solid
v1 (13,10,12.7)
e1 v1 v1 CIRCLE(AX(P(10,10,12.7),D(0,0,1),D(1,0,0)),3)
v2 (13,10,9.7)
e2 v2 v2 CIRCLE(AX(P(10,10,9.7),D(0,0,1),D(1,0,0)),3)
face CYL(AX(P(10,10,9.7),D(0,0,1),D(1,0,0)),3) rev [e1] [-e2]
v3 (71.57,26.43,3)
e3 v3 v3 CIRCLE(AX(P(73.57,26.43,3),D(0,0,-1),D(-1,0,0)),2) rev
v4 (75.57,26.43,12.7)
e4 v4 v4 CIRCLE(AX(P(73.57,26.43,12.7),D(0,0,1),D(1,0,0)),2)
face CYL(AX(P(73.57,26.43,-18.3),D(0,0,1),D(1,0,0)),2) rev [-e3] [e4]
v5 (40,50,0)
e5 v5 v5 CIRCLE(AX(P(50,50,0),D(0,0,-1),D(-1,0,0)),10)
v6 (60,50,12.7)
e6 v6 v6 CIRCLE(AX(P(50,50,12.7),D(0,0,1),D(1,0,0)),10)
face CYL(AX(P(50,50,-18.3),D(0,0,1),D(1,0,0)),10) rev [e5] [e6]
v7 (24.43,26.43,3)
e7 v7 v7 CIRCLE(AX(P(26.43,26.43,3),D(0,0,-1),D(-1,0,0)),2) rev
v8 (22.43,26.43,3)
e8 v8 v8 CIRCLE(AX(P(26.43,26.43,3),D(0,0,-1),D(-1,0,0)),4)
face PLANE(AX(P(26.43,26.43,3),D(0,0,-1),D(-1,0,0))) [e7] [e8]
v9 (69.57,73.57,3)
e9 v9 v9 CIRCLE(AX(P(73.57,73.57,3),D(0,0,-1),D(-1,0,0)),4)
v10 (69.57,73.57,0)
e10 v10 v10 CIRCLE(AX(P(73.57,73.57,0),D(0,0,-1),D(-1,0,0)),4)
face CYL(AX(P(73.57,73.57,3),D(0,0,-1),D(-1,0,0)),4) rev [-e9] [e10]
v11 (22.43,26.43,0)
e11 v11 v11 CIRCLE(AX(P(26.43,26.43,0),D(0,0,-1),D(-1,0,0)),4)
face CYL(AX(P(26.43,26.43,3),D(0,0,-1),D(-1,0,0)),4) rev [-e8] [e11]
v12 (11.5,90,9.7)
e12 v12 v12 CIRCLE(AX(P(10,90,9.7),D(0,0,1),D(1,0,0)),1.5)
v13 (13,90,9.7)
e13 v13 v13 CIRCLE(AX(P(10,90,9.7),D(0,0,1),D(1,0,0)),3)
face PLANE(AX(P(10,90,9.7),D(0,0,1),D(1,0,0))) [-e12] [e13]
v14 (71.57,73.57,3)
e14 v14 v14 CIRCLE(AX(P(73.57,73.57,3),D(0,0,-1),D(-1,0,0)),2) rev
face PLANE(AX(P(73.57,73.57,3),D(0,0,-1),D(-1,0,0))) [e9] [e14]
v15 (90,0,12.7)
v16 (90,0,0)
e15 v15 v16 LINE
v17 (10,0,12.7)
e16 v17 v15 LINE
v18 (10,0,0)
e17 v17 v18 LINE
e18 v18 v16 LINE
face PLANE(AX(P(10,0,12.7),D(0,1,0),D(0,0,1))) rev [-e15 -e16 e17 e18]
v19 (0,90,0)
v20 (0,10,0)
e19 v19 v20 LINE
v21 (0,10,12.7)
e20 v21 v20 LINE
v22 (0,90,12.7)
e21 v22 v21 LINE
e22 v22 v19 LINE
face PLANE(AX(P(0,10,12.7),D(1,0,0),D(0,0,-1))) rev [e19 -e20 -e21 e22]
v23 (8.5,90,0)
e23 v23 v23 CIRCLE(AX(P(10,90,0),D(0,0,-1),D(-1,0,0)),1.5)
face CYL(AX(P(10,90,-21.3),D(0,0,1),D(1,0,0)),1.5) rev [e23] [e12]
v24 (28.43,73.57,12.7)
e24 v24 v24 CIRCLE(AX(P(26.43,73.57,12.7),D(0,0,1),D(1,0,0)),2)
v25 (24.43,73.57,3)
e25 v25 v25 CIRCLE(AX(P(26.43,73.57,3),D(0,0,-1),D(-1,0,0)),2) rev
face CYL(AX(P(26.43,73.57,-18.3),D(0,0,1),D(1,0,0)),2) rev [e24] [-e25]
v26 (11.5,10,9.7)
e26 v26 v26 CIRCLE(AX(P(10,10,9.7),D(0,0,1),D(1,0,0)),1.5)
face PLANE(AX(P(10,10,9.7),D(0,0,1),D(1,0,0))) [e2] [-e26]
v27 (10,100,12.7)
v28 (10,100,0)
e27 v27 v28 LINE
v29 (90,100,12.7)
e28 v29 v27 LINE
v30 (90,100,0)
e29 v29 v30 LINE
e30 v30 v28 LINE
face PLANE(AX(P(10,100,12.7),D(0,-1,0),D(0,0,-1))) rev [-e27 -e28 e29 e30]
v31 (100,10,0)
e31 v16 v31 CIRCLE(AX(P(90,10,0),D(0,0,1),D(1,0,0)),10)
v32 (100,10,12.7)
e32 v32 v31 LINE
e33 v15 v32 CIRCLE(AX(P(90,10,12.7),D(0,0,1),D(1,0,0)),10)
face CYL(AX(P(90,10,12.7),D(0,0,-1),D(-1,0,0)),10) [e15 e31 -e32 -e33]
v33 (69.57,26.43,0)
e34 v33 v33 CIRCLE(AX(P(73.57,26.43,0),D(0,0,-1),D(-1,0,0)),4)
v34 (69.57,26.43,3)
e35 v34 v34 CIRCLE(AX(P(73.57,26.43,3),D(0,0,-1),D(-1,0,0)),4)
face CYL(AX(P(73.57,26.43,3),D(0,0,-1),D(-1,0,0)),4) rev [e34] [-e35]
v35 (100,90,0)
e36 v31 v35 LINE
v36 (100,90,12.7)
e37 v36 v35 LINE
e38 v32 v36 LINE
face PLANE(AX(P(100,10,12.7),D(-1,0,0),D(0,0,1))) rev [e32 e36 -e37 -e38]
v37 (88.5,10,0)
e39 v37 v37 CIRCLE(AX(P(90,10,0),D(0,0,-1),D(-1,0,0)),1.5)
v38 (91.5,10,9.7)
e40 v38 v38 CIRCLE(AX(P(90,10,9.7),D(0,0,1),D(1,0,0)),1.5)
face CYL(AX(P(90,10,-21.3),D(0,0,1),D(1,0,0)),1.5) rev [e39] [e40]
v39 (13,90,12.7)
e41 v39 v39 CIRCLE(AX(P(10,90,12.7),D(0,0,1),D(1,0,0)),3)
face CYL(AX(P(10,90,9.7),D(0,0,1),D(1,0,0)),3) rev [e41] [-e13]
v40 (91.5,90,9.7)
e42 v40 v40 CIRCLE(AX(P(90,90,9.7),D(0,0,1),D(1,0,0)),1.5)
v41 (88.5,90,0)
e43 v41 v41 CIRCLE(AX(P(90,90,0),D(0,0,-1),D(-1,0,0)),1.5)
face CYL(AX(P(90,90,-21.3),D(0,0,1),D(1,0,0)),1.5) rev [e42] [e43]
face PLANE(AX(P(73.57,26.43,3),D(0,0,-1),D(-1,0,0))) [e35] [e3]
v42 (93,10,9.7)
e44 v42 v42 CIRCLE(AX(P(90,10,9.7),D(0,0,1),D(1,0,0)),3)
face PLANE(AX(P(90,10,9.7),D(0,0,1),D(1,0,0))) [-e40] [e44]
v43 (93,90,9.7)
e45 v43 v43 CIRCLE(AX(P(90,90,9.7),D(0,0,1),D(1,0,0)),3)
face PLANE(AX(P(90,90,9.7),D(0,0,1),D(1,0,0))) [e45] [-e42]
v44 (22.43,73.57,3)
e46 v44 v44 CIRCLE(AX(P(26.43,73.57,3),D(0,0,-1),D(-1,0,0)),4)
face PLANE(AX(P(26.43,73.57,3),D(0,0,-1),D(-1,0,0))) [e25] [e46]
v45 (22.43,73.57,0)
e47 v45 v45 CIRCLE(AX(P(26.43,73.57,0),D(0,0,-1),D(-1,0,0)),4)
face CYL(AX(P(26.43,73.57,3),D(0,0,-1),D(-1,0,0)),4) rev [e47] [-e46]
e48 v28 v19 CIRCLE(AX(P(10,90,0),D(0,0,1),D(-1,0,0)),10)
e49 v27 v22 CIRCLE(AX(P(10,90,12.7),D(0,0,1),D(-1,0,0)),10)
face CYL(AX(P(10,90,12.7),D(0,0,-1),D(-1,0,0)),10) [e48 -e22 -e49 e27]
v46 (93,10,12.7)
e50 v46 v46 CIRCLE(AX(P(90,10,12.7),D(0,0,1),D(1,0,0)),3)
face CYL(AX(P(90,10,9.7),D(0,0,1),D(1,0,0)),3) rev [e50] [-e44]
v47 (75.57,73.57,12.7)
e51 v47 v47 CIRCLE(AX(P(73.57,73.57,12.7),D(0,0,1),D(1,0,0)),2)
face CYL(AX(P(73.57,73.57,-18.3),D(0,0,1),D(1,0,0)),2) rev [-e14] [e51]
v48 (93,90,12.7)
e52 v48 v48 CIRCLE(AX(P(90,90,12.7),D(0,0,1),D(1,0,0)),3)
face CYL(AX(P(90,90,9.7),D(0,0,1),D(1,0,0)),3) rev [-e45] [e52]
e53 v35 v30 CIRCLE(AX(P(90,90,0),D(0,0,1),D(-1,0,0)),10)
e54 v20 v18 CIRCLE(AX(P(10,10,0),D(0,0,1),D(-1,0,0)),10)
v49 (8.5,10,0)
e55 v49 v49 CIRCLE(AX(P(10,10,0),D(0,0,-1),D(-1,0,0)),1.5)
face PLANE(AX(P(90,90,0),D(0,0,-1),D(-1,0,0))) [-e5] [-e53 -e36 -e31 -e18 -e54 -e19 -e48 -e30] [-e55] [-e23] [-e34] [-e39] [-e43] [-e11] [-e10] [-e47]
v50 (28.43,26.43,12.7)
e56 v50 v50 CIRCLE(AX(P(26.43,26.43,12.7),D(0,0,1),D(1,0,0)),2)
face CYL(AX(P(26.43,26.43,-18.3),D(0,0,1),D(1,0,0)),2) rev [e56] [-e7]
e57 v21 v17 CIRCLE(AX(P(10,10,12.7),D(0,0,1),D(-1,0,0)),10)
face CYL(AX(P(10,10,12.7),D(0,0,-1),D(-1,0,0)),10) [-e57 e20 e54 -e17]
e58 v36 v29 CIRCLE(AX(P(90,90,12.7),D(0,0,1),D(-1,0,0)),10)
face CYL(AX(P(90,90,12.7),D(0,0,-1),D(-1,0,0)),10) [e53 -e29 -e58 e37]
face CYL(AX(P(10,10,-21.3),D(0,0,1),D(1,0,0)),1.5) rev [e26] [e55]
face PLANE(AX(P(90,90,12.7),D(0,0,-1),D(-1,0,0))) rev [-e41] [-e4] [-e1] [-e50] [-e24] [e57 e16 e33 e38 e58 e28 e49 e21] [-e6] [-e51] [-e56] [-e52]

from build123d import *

# Parameters (mm, degrees)
SALIENTE_EXTRUIR1_DEPTH = 12.7
CROQUIS2_R              = 3
CORTAR_EXTRUIR1_DEPTH   = 3
CROQUIS3_R              = 10
CROQUIS3_R_2            = 2
CORTAR_EXTRUIR2_DEPTH   = 31
CROQUIS4_R              = 1.5
CORTAR_EXTRUIR3_DEPTH   = 31
CROQUIS5_R              = 4
CORTAR_EXTRUIR4_DEPTH   = 3


with BuildPart() as part:
    # Croquis1 → Saliente-Extruir1 (new body)
    with BuildSketch(Plane.XY):
        with BuildLine():
            Line((10, 0), (90, 0))
            ThreePointArc((90, 0), (97.071067812, 2.928932188), (100, 10))
            Line((100, 10), (100, 90))
            ThreePointArc((100, 90), (97.071067812, 97.071067812), (90, 100))
            Line((90, 100), (10, 100))
            ThreePointArc((10, 100), (2.928932188, 97.071067812), (0, 90))
            Line((0, 90), (0, 10))
            ThreePointArc((0, 10), (2.928932188, 2.928932188), (10, 0))
        make_face()
    extrude(amount=SALIENTE_EXTRUIR1_DEPTH)

    # Croquis2 → Cortar-Extruir1 (cut)
    with BuildSketch(Plane.XY.offset(12.7)):
        with Locations((10, 90)):
            Circle(CROQUIS2_R)
        with Locations((10, 10)):
            Circle(CROQUIS2_R)
        with Locations((90, 90)):
            Circle(CROQUIS2_R)
        with Locations((90, 10)):
            Circle(CROQUIS2_R)
    extrude(amount=-CORTAR_EXTRUIR1_DEPTH, mode=Mode.SUBTRACT)

    # Croquis3 → Cortar-Extruir2 (cut)
    with BuildSketch(Plane.XY.offset(12.7)):
        with Locations((50, 50)):
            Circle(CROQUIS3_R)
        with Locations((26.43, 73.57)):
            Circle(CROQUIS3_R_2)
        with Locations((73.57, 73.57)):
            Circle(CROQUIS3_R_2)
        with Locations((26.43, 26.43)):
            Circle(CROQUIS3_R_2)
        with Locations((73.57, 26.43)):
            Circle(CROQUIS3_R_2)
    extrude(amount=-CORTAR_EXTRUIR2_DEPTH, mode=Mode.SUBTRACT)

    # Croquis4 → Cortar-Extruir3 (cut)
    with BuildSketch(Plane.XY.offset(9.7)):
        with Locations((10, 90)):
            Circle(CROQUIS4_R)
        with Locations((90, 90)):
            Circle(CROQUIS4_R)
        with Locations((90, 10)):
            Circle(CROQUIS4_R)
        with Locations((10, 10)):
            Circle(CROQUIS4_R)
    extrude(amount=-CORTAR_EXTRUIR3_DEPTH, mode=Mode.SUBTRACT)

    # Croquis5 → Cortar-Extruir4 (cut)
    with BuildSketch(Plane(origin=(0, 0, 0), x_dir=(-1, 0, 0), z_dir=(0, 0, -1))):
        with Locations((-73.57, 73.57)):
            Circle(CROQUIS5_R)
        with Locations((-26.43, 73.57)):
            Circle(CROQUIS5_R)
        with Locations((-26.43, 26.43)):
            Circle(CROQUIS5_R)
        with Locations((-73.57, 26.43)):
            Circle(CROQUIS5_R)
    extrude(amount=-CORTAR_EXTRUIR4_DEPTH, mode=Mode.SUBTRACT)


solid = part.part
